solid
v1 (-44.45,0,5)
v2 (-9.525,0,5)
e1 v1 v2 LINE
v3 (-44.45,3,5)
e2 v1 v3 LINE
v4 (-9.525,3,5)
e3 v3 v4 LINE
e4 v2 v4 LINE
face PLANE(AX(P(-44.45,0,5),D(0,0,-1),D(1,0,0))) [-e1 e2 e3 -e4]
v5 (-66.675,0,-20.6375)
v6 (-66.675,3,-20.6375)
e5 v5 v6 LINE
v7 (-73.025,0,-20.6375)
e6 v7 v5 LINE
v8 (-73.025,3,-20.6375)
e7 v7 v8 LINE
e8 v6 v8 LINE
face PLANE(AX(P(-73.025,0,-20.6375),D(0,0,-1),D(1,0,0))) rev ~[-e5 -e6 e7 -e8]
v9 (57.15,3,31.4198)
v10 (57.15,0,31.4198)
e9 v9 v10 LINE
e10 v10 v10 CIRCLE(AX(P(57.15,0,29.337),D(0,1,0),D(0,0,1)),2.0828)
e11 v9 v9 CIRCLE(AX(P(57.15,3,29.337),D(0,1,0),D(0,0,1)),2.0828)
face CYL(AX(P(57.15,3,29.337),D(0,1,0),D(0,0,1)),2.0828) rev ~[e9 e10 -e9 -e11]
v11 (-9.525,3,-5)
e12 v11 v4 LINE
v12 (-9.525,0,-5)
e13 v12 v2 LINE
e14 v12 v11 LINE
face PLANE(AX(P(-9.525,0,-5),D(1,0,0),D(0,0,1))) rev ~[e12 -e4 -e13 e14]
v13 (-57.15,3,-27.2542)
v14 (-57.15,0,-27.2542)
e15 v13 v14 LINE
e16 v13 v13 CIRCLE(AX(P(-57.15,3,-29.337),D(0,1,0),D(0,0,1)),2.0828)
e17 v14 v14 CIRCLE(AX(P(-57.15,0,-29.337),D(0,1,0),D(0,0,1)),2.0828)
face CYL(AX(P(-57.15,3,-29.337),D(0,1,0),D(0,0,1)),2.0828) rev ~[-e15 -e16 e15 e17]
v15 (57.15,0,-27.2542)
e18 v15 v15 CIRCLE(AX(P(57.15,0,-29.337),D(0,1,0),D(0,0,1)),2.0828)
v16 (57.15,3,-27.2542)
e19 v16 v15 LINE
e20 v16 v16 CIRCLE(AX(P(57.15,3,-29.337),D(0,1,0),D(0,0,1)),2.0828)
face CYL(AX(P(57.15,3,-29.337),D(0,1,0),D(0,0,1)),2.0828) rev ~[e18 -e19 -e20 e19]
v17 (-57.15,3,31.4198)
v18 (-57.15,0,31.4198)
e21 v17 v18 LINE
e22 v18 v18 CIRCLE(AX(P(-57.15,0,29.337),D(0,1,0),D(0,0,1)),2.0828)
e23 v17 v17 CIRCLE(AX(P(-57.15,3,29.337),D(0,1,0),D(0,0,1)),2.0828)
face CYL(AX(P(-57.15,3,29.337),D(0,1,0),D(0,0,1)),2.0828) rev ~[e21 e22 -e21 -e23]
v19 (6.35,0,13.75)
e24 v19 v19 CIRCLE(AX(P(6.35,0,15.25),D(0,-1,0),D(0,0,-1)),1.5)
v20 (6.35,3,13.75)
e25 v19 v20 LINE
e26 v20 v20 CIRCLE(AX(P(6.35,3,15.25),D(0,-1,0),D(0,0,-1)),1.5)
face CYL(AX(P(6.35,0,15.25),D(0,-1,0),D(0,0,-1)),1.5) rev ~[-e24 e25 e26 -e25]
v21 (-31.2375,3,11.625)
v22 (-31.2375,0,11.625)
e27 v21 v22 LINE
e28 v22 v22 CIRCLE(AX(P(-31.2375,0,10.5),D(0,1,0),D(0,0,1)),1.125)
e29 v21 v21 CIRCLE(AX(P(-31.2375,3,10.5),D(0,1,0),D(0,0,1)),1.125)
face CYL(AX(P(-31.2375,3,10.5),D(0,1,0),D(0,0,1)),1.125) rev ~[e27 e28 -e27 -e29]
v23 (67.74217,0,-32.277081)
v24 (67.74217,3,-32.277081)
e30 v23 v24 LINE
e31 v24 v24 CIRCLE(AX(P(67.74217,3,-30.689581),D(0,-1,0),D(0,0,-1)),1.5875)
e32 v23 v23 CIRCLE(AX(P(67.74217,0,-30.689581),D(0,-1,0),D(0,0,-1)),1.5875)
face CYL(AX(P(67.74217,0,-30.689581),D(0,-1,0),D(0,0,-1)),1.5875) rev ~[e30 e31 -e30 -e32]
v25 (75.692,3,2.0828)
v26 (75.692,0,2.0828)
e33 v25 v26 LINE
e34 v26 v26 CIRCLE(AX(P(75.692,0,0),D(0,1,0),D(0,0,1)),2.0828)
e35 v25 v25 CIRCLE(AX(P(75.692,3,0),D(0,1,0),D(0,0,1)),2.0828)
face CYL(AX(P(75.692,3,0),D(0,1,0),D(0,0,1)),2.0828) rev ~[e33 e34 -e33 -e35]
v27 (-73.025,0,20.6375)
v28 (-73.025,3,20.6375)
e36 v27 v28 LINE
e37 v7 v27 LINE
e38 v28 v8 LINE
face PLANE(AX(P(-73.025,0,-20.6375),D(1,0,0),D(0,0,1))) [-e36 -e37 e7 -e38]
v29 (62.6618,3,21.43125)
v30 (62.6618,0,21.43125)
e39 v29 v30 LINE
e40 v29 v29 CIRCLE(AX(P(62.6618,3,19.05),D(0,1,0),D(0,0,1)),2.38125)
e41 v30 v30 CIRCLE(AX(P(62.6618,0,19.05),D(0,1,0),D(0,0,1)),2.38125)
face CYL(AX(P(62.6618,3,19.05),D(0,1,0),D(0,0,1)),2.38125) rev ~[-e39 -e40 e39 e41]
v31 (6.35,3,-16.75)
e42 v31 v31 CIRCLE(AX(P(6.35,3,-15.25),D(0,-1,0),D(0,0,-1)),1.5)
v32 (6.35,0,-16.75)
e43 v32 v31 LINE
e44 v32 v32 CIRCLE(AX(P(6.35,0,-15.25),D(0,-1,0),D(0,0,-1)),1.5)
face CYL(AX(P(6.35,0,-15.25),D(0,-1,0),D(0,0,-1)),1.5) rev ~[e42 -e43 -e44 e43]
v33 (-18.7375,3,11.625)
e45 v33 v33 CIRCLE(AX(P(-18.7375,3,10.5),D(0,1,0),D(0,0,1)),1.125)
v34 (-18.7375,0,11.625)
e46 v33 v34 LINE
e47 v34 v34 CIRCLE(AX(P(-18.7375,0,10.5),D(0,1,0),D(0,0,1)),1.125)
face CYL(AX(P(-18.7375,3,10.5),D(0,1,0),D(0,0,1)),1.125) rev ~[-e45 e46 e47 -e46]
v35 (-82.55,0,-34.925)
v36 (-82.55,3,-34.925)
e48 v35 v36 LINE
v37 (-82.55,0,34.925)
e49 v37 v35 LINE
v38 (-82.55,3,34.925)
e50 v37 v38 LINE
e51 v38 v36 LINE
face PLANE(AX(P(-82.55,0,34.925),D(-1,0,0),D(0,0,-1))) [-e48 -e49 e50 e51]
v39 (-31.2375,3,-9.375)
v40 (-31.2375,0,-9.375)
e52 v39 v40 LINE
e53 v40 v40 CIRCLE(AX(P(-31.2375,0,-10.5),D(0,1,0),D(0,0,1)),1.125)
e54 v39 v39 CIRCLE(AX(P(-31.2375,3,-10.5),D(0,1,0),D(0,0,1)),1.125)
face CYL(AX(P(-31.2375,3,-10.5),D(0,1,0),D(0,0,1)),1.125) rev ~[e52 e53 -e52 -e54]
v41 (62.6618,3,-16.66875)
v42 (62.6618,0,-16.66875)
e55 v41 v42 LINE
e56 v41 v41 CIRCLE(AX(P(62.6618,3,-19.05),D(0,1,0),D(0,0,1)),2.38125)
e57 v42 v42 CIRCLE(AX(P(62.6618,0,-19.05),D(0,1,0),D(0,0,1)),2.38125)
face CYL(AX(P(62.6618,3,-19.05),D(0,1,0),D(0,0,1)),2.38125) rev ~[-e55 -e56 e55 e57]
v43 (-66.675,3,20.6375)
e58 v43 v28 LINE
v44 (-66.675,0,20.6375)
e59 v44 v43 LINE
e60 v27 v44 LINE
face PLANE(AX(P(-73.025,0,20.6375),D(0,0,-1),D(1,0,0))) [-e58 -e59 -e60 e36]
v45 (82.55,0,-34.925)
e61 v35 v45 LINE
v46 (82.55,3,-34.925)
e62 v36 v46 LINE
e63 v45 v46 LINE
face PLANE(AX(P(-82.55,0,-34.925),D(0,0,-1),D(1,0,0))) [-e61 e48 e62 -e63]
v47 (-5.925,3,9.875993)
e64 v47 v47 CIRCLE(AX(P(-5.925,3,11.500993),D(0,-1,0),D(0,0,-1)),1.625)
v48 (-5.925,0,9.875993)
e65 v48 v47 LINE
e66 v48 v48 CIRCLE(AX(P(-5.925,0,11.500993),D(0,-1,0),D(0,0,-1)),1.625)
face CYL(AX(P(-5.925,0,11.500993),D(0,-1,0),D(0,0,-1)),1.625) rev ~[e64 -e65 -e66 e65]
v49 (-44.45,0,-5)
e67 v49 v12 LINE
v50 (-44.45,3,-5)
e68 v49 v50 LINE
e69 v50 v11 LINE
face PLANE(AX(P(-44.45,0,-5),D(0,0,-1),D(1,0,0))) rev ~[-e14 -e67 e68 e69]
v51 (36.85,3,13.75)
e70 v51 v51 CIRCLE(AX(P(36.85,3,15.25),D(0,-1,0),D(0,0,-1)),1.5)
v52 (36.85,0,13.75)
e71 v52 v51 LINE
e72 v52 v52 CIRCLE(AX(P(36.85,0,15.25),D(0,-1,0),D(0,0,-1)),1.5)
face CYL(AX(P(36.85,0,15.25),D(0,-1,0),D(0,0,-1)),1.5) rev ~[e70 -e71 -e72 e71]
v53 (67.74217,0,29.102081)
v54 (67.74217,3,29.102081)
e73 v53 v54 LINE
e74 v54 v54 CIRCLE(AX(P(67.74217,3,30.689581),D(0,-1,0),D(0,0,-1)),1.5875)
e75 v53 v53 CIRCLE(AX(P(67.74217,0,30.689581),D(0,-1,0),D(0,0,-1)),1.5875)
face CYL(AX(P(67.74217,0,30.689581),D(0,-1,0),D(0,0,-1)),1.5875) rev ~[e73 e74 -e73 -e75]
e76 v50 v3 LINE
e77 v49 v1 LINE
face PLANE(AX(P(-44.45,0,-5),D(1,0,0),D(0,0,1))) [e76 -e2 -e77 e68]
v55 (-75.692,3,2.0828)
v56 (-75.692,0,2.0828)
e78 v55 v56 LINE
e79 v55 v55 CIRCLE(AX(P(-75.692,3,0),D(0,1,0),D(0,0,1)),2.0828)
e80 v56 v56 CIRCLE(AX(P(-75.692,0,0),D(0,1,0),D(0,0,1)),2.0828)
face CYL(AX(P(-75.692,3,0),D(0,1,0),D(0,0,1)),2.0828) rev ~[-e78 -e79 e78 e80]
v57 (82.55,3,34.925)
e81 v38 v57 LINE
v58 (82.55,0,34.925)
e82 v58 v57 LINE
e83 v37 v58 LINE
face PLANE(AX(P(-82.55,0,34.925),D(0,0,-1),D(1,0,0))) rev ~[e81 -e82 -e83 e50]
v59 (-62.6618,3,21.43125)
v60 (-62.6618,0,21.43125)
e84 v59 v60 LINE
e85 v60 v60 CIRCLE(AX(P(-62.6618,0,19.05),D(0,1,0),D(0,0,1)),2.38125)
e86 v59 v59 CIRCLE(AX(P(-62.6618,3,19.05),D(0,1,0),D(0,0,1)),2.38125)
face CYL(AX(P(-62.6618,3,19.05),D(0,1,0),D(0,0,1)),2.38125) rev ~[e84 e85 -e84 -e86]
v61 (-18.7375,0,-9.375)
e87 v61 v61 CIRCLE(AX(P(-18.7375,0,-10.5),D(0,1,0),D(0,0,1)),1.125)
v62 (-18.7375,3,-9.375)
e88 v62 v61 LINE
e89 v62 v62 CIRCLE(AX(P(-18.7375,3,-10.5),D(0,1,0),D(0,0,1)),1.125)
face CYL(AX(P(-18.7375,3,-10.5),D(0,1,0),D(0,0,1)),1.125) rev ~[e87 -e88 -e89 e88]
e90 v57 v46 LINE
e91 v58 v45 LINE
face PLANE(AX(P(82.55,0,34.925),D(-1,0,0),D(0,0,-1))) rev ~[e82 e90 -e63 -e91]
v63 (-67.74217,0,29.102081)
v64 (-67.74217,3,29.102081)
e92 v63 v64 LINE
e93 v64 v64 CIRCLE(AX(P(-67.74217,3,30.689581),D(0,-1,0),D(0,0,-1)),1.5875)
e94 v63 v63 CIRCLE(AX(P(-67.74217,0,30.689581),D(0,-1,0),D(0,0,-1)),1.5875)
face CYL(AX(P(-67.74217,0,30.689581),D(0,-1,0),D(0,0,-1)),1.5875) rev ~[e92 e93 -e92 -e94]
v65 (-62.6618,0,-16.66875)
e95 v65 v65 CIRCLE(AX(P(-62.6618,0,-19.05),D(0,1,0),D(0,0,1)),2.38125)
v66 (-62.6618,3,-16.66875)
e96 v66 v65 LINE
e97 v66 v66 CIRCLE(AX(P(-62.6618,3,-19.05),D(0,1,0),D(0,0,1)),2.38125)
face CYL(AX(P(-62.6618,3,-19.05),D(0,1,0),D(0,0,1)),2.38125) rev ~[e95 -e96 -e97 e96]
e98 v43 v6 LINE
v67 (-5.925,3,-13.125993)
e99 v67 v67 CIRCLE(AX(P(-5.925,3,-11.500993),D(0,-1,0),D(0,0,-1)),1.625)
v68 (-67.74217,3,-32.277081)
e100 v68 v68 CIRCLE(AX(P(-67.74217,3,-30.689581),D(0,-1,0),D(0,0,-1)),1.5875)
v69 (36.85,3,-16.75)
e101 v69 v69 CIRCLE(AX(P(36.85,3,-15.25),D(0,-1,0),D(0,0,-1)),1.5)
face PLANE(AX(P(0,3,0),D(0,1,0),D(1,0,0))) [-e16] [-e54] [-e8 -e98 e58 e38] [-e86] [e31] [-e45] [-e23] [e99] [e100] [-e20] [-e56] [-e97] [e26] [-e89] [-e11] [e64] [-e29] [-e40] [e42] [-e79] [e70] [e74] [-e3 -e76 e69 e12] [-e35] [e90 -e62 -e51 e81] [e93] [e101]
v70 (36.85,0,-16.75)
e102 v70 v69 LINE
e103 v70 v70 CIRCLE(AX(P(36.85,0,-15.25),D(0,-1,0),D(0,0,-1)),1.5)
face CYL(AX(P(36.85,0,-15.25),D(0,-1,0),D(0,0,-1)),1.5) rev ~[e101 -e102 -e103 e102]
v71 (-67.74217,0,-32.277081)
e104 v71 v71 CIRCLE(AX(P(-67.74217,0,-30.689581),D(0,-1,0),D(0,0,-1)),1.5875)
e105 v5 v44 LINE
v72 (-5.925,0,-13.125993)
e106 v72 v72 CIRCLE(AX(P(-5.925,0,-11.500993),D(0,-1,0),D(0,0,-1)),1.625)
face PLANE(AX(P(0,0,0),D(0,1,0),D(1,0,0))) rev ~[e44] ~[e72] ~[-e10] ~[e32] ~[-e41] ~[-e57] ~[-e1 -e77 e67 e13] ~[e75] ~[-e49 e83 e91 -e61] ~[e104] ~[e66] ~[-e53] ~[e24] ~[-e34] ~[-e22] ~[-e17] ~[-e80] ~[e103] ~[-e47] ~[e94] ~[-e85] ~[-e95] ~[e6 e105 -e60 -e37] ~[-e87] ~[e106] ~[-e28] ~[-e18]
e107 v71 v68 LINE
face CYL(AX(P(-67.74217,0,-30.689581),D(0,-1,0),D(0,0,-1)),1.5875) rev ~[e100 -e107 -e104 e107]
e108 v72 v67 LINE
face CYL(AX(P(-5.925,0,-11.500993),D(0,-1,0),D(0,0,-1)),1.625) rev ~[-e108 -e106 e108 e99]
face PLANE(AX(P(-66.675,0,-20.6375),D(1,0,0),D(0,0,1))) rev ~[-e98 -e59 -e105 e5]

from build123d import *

# Parameters (mm, degrees)
SKETCH1_W           = 165.1
SKETCH1_H           = 69.85
BOSS_EXTRUDE1_DEPTH = 3
CUT_EXTRUDE1_REACH  = 91.684
SKETCH6_W           = 34.925
SKETCH6_H           = 10
SKETCH6_R           = 1.5
SKETCH6_R_2         = 1.625
CUT_EXTRUDE3_REACH  = 91.684
SKETCH8_R           = 2.38125
SKETCH9_R           = 2.0828
CUT_EXTRUDE5_DEPTH  = 5.08
SKETCH10_R          = 2.0828
CUT_EXTRUDE6_DEPTH  = 5.08
SKETCH11_R          = 1.125
SKETCH11_R_2        = 1.125000036
CUT_EXTRUDE7_DEPTH  = 41.91
SKETCH13_R          = 1.5875
CUT_EXTRUDE9_DEPTH  = 5
SKETCH15_W          = 6.35
SKETCH15_H          = 41.275
CUT_EXTRUDE10_DEPTH = 7.62


with BuildPart() as part:
    # Sketch1 → Boss-Extrude1 (new body)
    with BuildSketch(Plane(origin=(0, 0, 0), x_dir=(1, 0, 0), z_dir=(0, 1, 0))):
        Rectangle(SKETCH1_W, SKETCH1_H)
    extrude(amount=BOSS_EXTRUDE1_DEPTH)

    # Sketch6 → Cut-Extrude1 (cut, up to next)
    with BuildSketch(Plane.XZ, mode=Mode.PRIVATE) as cut_extrude1_sk1:
        with Locations((-26.9875, 0)):
            Rectangle(SKETCH6_W, SKETCH6_H)
    cut_extrude1_tool1 = extrude(cut_extrude1_sk1.sketch, amount=-CUT_EXTRUDE1_REACH, mode=Mode.PRIVATE) & part.part
    # Sketch6 → Cut-Extrude1 (cut, up to next)
    with BuildSketch(Plane.XZ, mode=Mode.PRIVATE) as cut_extrude1_sk2:
        with Locations((6.35, 15.25)):
            Circle(SKETCH6_R)
    cut_extrude1_tool2 = extrude(cut_extrude1_sk2.sketch, amount=-CUT_EXTRUDE1_REACH, mode=Mode.PRIVATE) & part.part
    # Sketch6 → Cut-Extrude1 (cut, up to next)
    with BuildSketch(Plane.XZ, mode=Mode.PRIVATE) as cut_extrude1_sk3:
        with Locations((36.85, 15.25)):
            Circle(SKETCH6_R)
    cut_extrude1_tool3 = extrude(cut_extrude1_sk3.sketch, amount=-CUT_EXTRUDE1_REACH, mode=Mode.PRIVATE) & part.part
    # Sketch6 → Cut-Extrude1 (cut, up to next)
    with BuildSketch(Plane.XZ, mode=Mode.PRIVATE) as cut_extrude1_sk4:
        with Locations((6.35, -15.25)):
            Circle(SKETCH6_R)
    cut_extrude1_tool4 = extrude(cut_extrude1_sk4.sketch, amount=-CUT_EXTRUDE1_REACH, mode=Mode.PRIVATE) & part.part
    # Sketch6 → Cut-Extrude1 (cut, up to next)
    with BuildSketch(Plane.XZ, mode=Mode.PRIVATE) as cut_extrude1_sk5:
        with Locations((36.85, -15.25)):
            Circle(SKETCH6_R)
    cut_extrude1_tool5 = extrude(cut_extrude1_sk5.sketch, amount=-CUT_EXTRUDE1_REACH, mode=Mode.PRIVATE) & part.part
    # Sketch6 → Cut-Extrude1 (cut, up to next)
    with BuildSketch(Plane.XZ, mode=Mode.PRIVATE) as cut_extrude1_sk6:
        with Locations((-5.924999961, 11.500993)):
            Circle(SKETCH6_R_2)
    cut_extrude1_tool6 = extrude(cut_extrude1_sk6.sketch, amount=-CUT_EXTRUDE1_REACH, mode=Mode.PRIVATE) & part.part
    # Sketch6 → Cut-Extrude1 (cut, up to next)
    with BuildSketch(Plane.XZ, mode=Mode.PRIVATE) as cut_extrude1_sk7:
        with Locations((-5.924999961, -11.500993)):
            Circle(SKETCH6_R_2)
    cut_extrude1_tool7 = extrude(cut_extrude1_sk7.sketch, amount=-CUT_EXTRUDE1_REACH, mode=Mode.PRIVATE) & part.part
    add(cut_extrude1_tool1.solids().sort_by_distance((-26.9875, 0, 0))[0], mode=Mode.SUBTRACT)
    add(cut_extrude1_tool2.solids().sort_by_distance((6.35, 0, 15.25))[0], mode=Mode.SUBTRACT)
    add(cut_extrude1_tool3.solids().sort_by_distance((36.85, 0, 15.25))[0], mode=Mode.SUBTRACT)
    add(cut_extrude1_tool4.solids().sort_by_distance((6.35, 0, -15.25))[0], mode=Mode.SUBTRACT)
    add(cut_extrude1_tool5.solids().sort_by_distance((36.85, 0, -15.25))[0], mode=Mode.SUBTRACT)
    add(cut_extrude1_tool6.solids().sort_by_distance((-5.925, 0, 11.500993))[0], mode=Mode.SUBTRACT)
    add(cut_extrude1_tool7.solids().sort_by_distance((-5.925, 0, -11.500993))[0], mode=Mode.SUBTRACT)

    # Sketch8 → Cut-Extrude3 (cut, up to next)
    with BuildSketch(Plane(origin=(0, 3, 0), x_dir=(1, 0, 0), z_dir=(0, 1, 0)), mode=Mode.PRIVATE) as cut_extrude3_sk1:
        with Locations((-62.6618, -19.05)):
            Circle(SKETCH8_R)
    cut_extrude3_tool1 = extrude(cut_extrude3_sk1.sketch, amount=-CUT_EXTRUDE3_REACH, mode=Mode.PRIVATE) & part.part
    # Sketch8 → Cut-Extrude3 (cut, up to next)
    with BuildSketch(Plane(origin=(0, 3, 0), x_dir=(1, 0, 0), z_dir=(0, 1, 0)), mode=Mode.PRIVATE) as cut_extrude3_sk2:
        with Locations((-62.6618, 19.05)):
            Circle(SKETCH8_R)
    cut_extrude3_tool2 = extrude(cut_extrude3_sk2.sketch, amount=-CUT_EXTRUDE3_REACH, mode=Mode.PRIVATE) & part.part
    # Sketch8 → Cut-Extrude3 (cut, up to next)
    with BuildSketch(Plane(origin=(0, 3, 0), x_dir=(1, 0, 0), z_dir=(0, 1, 0)), mode=Mode.PRIVATE) as cut_extrude3_sk3:
        with Locations((62.6618, 19.05)):
            Circle(SKETCH8_R)
    cut_extrude3_tool3 = extrude(cut_extrude3_sk3.sketch, amount=-CUT_EXTRUDE3_REACH, mode=Mode.PRIVATE) & part.part
    # Sketch8 → Cut-Extrude3 (cut, up to next)
    with BuildSketch(Plane(origin=(0, 3, 0), x_dir=(1, 0, 0), z_dir=(0, 1, 0)), mode=Mode.PRIVATE) as cut_extrude3_sk4:
        with Locations((62.6618, -19.05)):
            Circle(SKETCH8_R)
    cut_extrude3_tool4 = extrude(cut_extrude3_sk4.sketch, amount=-CUT_EXTRUDE3_REACH, mode=Mode.PRIVATE) & part.part
    add(cut_extrude3_tool1.solids().sort_by_distance((-62.6618, 3, 19.05))[0], mode=Mode.SUBTRACT)
    add(cut_extrude3_tool2.solids().sort_by_distance((-62.6618, 3, -19.05))[0], mode=Mode.SUBTRACT)
    add(cut_extrude3_tool3.solids().sort_by_distance((62.6618, 3, -19.05))[0], mode=Mode.SUBTRACT)
    add(cut_extrude3_tool4.solids().sort_by_distance((62.6618, 3, 19.05))[0], mode=Mode.SUBTRACT)

    # Sketch9 → Cut-Extrude5 (cut)
    with BuildSketch(Plane(origin=(0, 3, 0), x_dir=(1, 0, 0), z_dir=(0, 1, 0))):
        with Locations((-75.692, 0)):
            Circle(SKETCH9_R)
        with Locations((75.692, 0)):
            Circle(SKETCH9_R)
    extrude(amount=-CUT_EXTRUDE5_DEPTH, mode=Mode.SUBTRACT)

    # Sketch10 → Cut-Extrude6 (cut)
    with BuildSketch(Plane(origin=(0, 3, 0), x_dir=(1, 0, 0), z_dir=(0, 1, 0))):
        with Locations((57.15, -29.337)):
            Circle(SKETCH10_R)
        with Locations((57.15, 29.337)):
            Circle(SKETCH10_R)
        with Locations((-57.15, -29.337)):
            Circle(SKETCH10_R)
        with Locations((-57.15, 29.337)):
            Circle(SKETCH10_R)
    extrude(amount=-CUT_EXTRUDE6_DEPTH, mode=Mode.SUBTRACT)

    # Sketch11 → Cut-Extrude7 (cut)
    with BuildSketch(Plane(origin=(0, 3, 0), x_dir=(1, 0, 0), z_dir=(0, 1, 0))):
        with Locations((-31.2375, 10.5)):
            Circle(SKETCH11_R)
        with Locations((-18.7375, 10.5)):
            Circle(SKETCH11_R_2)
        with Locations((-18.7375, -10.5)):
            Circle(SKETCH11_R_2)
        with Locations((-31.2375, -10.5)):
            Circle(SKETCH11_R_2)
    extrude(amount=-CUT_EXTRUDE7_DEPTH, mode=Mode.SUBTRACT)

    # Sketch13 → Cut-Extrude9 (cut)
    with BuildSketch(Plane.XZ):
        with Locations((-67.742170098, 30.689580734)):
            Circle(SKETCH13_R)
        with Locations((67.742170098, 30.689580734)):
            Circle(SKETCH13_R)
        with Locations((67.742170098, -30.689580734)):
            Circle(SKETCH13_R)
        with Locations((-67.742170098, -30.689580734)):
            Circle(SKETCH13_R)
    extrude(amount=-CUT_EXTRUDE9_DEPTH, mode=Mode.SUBTRACT)

    # Sketch15 → Cut-Extrude10 (cut)
    with BuildSketch(Plane.XZ):
        with Locations((-69.85, 0)):
            Rectangle(SKETCH15_W, SKETCH15_H)
    extrude(amount=-CUT_EXTRUDE10_DEPTH, mode=Mode.SUBTRACT)


solid = part.part
